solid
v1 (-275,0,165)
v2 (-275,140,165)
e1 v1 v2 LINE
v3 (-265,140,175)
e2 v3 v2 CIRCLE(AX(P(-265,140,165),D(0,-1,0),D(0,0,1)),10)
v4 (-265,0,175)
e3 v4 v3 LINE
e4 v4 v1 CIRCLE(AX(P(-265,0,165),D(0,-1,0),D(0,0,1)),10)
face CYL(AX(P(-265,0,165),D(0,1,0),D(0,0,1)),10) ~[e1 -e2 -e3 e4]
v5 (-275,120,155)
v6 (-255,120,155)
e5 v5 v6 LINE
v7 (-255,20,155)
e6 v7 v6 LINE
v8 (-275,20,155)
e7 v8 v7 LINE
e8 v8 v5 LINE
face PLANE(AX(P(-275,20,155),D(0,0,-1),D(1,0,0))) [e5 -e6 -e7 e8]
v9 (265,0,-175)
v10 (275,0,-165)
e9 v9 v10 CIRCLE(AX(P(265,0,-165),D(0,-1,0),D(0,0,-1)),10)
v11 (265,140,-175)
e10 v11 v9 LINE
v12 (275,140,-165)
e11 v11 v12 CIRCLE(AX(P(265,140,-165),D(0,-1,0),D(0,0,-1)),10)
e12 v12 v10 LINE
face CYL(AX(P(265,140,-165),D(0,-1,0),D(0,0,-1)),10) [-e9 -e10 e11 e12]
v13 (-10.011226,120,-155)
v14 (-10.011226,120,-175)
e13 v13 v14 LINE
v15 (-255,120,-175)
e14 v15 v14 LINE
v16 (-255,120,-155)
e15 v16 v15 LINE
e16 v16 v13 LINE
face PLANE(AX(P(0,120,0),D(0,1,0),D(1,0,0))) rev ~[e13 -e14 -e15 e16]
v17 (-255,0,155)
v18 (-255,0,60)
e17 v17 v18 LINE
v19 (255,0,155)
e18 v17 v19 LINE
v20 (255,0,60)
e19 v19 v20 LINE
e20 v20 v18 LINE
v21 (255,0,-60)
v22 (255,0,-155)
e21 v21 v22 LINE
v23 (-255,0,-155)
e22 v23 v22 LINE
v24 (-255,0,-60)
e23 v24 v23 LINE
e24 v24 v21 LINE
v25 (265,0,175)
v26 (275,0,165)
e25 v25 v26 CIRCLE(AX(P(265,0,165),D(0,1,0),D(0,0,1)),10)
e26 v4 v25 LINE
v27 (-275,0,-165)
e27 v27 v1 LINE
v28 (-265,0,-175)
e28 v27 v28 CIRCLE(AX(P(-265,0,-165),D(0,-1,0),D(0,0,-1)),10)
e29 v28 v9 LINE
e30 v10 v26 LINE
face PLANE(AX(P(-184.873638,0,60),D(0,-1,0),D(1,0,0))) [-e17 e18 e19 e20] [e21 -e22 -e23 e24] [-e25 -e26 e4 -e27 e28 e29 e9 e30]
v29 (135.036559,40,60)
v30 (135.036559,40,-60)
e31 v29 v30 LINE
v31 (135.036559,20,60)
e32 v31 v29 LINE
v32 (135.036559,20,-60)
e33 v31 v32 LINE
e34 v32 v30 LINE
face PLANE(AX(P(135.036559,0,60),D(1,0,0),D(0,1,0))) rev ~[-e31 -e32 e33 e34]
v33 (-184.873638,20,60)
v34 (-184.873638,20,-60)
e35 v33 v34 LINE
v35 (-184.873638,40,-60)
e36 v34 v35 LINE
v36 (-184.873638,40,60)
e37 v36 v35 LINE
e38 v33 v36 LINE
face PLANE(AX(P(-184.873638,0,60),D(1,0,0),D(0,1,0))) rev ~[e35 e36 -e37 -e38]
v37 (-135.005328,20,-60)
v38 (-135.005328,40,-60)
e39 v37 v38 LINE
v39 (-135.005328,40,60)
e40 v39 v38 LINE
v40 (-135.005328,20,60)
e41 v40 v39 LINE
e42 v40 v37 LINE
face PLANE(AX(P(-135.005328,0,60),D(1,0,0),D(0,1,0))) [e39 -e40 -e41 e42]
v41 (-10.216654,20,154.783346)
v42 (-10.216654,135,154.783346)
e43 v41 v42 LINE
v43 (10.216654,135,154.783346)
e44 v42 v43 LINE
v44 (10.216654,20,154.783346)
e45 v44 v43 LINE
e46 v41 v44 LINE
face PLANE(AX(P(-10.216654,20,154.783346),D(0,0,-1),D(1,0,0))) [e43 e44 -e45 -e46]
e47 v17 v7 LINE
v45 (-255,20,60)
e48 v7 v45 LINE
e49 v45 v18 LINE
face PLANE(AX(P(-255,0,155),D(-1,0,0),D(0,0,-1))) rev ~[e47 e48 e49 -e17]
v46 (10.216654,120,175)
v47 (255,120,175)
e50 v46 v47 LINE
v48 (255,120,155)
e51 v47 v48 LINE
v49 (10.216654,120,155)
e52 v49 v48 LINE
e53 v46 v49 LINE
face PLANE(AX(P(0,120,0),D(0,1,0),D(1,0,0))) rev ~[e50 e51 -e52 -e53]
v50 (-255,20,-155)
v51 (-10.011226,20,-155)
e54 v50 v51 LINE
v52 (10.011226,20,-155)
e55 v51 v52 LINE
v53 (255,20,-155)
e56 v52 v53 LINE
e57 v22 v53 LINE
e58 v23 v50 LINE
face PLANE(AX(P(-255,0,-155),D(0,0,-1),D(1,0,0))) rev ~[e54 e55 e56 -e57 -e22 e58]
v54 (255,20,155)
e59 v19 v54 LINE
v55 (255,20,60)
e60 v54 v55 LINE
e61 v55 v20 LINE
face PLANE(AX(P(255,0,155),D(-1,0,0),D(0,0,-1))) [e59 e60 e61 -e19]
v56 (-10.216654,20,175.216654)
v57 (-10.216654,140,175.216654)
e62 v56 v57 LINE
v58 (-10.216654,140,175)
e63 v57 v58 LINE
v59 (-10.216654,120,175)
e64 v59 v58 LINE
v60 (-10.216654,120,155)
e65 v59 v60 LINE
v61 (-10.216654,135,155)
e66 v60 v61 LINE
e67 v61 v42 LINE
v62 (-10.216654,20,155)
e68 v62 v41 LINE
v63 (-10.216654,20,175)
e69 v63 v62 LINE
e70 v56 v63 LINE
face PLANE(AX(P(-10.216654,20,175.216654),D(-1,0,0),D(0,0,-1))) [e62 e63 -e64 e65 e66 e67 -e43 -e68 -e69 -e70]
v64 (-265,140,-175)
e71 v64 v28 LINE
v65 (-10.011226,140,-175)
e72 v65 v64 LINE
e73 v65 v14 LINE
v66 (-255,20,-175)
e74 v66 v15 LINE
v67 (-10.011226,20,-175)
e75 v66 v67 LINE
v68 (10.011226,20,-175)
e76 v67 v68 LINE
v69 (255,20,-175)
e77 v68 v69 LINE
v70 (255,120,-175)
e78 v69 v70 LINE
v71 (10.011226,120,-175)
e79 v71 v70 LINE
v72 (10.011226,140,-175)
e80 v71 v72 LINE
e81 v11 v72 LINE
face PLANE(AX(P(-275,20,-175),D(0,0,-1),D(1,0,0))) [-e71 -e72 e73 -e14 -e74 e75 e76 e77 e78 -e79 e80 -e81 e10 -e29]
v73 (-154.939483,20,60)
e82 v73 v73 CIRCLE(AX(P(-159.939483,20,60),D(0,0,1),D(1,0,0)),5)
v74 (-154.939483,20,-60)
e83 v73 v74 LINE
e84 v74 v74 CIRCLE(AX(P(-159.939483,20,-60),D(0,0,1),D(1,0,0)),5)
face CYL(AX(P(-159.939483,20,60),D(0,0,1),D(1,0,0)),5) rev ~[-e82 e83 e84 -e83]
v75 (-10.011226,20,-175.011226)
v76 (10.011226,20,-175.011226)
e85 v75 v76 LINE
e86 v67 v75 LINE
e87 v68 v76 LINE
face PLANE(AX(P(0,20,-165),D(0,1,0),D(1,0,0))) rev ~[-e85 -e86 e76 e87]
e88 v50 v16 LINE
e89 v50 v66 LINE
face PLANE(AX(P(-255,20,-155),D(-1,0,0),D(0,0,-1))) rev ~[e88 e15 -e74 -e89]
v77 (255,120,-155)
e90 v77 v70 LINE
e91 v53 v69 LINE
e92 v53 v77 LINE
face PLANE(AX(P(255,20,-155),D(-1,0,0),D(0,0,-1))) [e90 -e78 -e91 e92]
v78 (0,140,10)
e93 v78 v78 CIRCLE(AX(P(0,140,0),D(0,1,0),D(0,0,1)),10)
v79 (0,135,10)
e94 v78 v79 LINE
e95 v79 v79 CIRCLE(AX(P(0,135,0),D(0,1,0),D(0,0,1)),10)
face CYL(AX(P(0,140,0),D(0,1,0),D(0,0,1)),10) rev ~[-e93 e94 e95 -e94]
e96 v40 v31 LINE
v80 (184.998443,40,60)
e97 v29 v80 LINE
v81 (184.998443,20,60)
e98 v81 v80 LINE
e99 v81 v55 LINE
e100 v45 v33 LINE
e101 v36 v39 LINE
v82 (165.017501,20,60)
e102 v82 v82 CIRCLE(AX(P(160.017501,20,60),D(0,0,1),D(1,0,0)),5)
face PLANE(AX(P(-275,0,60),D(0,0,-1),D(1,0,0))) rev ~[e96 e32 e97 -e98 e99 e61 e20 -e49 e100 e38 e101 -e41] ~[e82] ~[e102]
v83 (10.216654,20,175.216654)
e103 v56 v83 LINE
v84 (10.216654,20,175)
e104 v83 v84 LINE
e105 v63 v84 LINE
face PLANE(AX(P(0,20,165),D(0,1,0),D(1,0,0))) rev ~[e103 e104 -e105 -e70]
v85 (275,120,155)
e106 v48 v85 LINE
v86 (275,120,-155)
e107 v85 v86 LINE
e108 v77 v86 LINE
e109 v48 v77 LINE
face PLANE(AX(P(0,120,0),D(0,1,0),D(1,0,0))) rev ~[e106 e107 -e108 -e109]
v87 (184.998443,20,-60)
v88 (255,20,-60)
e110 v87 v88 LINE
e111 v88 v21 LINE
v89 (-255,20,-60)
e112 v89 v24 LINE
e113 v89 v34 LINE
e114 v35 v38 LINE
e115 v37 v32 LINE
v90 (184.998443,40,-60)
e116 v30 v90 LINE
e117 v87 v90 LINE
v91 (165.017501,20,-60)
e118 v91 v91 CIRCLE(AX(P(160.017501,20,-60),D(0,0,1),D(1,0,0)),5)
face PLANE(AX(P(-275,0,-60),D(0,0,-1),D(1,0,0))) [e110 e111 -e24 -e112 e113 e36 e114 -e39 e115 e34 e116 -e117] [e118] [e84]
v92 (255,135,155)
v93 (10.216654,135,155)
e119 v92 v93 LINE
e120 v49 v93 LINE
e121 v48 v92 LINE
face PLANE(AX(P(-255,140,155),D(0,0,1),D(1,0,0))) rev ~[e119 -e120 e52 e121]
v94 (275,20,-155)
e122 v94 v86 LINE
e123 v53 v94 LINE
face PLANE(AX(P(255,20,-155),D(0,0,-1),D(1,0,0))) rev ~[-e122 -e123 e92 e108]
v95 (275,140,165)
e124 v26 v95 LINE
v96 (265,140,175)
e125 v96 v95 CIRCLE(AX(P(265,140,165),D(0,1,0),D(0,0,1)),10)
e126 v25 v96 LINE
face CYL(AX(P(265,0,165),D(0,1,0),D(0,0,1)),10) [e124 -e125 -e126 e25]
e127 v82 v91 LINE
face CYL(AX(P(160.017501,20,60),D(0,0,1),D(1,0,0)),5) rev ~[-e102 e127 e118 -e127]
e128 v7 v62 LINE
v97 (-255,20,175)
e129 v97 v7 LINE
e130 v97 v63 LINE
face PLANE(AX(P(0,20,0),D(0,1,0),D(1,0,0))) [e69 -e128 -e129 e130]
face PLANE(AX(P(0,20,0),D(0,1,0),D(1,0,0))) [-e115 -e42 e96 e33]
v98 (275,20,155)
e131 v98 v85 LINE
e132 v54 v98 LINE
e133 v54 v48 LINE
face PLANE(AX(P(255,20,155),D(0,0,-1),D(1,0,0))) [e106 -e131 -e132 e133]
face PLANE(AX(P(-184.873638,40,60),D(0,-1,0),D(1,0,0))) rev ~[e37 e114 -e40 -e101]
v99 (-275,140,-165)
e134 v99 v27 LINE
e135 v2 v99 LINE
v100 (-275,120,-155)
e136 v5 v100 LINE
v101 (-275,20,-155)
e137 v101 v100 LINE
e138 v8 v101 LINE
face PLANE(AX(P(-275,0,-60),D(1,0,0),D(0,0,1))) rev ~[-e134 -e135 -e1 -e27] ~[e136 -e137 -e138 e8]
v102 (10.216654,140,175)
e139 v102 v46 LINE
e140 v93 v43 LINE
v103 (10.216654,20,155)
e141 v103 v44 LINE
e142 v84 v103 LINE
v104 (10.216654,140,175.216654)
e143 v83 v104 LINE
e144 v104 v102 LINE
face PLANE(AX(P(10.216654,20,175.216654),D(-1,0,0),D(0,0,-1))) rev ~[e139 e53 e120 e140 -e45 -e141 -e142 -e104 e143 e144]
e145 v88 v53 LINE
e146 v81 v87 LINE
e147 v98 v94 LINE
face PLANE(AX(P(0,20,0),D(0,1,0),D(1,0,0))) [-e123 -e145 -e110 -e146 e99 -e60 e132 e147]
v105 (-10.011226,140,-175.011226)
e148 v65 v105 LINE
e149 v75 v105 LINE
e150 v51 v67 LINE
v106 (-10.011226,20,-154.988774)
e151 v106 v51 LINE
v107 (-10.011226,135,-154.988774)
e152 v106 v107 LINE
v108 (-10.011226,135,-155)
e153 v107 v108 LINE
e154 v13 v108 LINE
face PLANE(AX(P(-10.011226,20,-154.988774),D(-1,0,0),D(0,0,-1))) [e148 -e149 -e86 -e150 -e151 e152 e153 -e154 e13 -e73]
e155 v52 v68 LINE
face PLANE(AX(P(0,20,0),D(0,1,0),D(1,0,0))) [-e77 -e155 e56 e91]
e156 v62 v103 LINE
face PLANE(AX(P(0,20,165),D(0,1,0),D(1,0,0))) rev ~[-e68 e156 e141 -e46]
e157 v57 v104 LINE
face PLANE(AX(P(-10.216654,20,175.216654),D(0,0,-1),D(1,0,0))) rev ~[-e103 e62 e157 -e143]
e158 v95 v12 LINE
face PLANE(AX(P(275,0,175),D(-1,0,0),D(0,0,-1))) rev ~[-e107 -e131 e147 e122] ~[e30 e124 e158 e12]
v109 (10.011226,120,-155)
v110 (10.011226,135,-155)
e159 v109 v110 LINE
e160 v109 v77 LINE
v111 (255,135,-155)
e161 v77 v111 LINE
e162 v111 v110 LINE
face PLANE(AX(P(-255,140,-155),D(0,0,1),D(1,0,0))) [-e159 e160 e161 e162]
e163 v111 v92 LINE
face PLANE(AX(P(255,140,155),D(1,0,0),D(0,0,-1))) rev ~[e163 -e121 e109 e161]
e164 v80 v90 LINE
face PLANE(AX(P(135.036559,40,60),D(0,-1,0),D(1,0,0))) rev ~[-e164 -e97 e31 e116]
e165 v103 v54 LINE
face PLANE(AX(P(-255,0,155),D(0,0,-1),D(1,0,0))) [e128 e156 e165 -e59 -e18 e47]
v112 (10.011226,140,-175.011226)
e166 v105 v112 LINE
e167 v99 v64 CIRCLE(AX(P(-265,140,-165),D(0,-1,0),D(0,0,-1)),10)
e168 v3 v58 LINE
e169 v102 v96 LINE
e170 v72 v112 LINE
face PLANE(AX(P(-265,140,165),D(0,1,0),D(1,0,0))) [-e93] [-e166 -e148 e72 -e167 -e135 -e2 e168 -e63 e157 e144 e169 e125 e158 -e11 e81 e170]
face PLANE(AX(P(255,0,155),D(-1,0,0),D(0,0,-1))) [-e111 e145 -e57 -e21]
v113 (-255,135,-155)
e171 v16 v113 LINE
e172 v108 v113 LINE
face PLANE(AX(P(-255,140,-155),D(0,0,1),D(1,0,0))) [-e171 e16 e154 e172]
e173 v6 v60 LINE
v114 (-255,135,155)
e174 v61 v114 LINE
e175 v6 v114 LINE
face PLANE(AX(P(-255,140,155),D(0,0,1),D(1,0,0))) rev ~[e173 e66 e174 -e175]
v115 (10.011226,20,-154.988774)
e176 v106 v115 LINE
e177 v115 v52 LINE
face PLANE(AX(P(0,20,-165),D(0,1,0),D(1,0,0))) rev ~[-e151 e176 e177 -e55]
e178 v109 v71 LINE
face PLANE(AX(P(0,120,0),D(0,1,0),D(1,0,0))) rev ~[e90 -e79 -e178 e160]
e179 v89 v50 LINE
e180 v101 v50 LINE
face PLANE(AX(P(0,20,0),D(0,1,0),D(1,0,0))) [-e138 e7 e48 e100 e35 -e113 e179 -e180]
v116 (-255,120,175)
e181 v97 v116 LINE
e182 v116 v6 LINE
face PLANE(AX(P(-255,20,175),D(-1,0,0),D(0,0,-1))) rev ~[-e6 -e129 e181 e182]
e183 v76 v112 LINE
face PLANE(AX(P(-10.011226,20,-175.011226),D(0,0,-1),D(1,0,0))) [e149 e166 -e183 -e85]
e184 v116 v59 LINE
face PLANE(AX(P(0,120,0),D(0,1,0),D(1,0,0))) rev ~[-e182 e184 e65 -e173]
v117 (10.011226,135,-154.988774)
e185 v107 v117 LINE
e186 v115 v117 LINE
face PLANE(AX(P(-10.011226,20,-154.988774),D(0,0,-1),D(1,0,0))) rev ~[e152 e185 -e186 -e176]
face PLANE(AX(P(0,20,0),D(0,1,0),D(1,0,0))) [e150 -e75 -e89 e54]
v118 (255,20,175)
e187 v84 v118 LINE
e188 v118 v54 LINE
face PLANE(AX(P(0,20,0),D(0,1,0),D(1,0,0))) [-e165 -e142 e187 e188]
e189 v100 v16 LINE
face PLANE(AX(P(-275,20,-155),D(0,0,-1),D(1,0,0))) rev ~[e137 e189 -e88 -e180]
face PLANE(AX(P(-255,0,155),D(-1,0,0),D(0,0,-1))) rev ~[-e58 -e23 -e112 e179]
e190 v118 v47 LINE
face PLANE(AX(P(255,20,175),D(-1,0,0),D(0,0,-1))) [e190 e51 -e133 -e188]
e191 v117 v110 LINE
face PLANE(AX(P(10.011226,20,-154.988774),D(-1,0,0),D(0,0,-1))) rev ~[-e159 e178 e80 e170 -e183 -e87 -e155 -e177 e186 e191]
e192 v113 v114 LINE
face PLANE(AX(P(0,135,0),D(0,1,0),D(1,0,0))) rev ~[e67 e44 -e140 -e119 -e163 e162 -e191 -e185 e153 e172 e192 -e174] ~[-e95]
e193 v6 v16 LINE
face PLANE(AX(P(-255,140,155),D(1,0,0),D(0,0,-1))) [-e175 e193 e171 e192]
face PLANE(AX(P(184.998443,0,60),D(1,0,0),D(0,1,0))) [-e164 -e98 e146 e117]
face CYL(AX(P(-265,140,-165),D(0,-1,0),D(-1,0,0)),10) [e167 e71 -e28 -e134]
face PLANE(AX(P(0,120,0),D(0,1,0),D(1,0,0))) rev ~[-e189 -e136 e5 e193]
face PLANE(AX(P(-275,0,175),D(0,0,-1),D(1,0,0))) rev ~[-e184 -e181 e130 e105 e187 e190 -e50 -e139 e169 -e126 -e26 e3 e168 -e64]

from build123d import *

# Parameters (mm, degrees)
SKETCH1_W           = 550
SKETCH1_H           = 350
SKETCH1_W_2         = 510
SKETCH1_H_2         = 310
BOSS_EXTRUDE1_DEPTH = 20
SKETCH3_W           = 20
SKETCH3_H           = 20
SKETCH3_W_2         = 20.022451752
SKETCH3_H_2         = 20.022451752
SKETCH3_W_3         = 20.433308148
SKETCH3_H_3         = 20.433308148
BOSS_EXTRUDE2_DEPTH = 120
SKETCH4_W           = 550
SKETCH4_H           = 350
SKETCH4_W_2         = 510
SKETCH4_H_2         = 310
BOSS_EXTRUDE3_DEPTH = 20
SKETCH5_W           = 550
SKETCH5_H           = 350
BOSS_EXTRUDE4_DEPTH = 5
SKETCH6_W           = 550
SKETCH6_H           = 120
BOSS_EXTRUDE5_DEPTH = 20
SKETCH7_W           = 49.868309686
SKETCH7_H           = 40
SKETCH7_W_2         = 49.961884124
BOSS_EXTRUDE6_DEPTH = 120
SKETCH8_R           = 5
CUT_EXTRUDE1_DEPTH  = 181
FILLET1_R           = 10
SKETCH9_R           = 10
CUT_EXTRUDE2_DEPTH  = 43


with BuildPart() as part:
    # Sketch1 → Boss-Extrude1 (new body)
    with BuildSketch(Plane(origin=(0, 0, 0), x_dir=(1, 0, 0), z_dir=(0, 1, 0))):
        Rectangle(SKETCH1_W, SKETCH1_H)
        Rectangle(SKETCH1_W_2, SKETCH1_H_2, mode=Mode.SUBTRACT)
    extrude(amount=BOSS_EXTRUDE1_DEPTH)

    # Sketch3 → Boss-Extrude2 (add)
    with BuildSketch(Plane(origin=(0, 20, 0), x_dir=(1, 0, 0), z_dir=(0, 1, 0))):
        with Locations((-265, 165)):
            Rectangle(SKETCH3_W, SKETCH3_H)
        with Locations((-265, -165)):
            Rectangle(SKETCH3_W, SKETCH3_H)
        with Locations((265, -165)):
            Rectangle(SKETCH3_W, SKETCH3_H)
        with Locations((265, 165)):
            Rectangle(SKETCH3_W, SKETCH3_H)
        with Locations((0, 165)):
            Rectangle(SKETCH3_W_2, SKETCH3_H_2)
        with Locations((0, -165)):
            Rectangle(SKETCH3_W_3, SKETCH3_H_3)
    extrude(amount=BOSS_EXTRUDE2_DEPTH)

    # Sketch4 → Boss-Extrude3 (add)
    with BuildSketch(Plane(origin=(0, 140, 0), x_dir=(1, 0, 0), z_dir=(0, 1, 0))):
        Rectangle(SKETCH4_W, SKETCH4_H)
        Rectangle(SKETCH4_W_2, SKETCH4_H_2, mode=Mode.SUBTRACT)
    extrude(amount=-BOSS_EXTRUDE3_DEPTH)

    # Sketch5 → Boss-Extrude4 (add)
    with BuildSketch(Plane(origin=(0, 140, 0), x_dir=(1, 0, 0), z_dir=(0, 1, 0))):
        Rectangle(SKETCH5_W, SKETCH5_H)
    extrude(amount=-BOSS_EXTRUDE4_DEPTH)

    # Sketch6 → Boss-Extrude5 (add)
    with BuildSketch(Plane.XZ):
        Rectangle(SKETCH6_W, SKETCH6_H)
    extrude(amount=-BOSS_EXTRUDE5_DEPTH)

    # Sketch7 → Boss-Extrude6 (add)
    with BuildSketch(Plane.XY.offset(60)):
        with Locations((-159.939483021, 20)):
            Rectangle(SKETCH7_W, SKETCH7_H)
        with Locations((160.017500796, 20)):
            Rectangle(SKETCH7_W_2, SKETCH7_H)
    extrude(amount=-BOSS_EXTRUDE6_DEPTH)

    # Sketch8 → Cut-Extrude1 (cut)
    with BuildSketch(Plane.XY.offset(60)):
        with Locations((160.017500796, 20)):
            Circle(SKETCH8_R)
        with Locations((-159.939483021, 20)):
            Circle(SKETCH8_R)
    extrude(amount=-CUT_EXTRUDE1_DEPTH, mode=Mode.SUBTRACT)

    # Fillet1
    fillet1_edges = [part.edges().sort_by_distance(p)[0] for p in [
        (275, 70, 175),
        (-275, 70, 175),
        (-275, 70, -175),
        (275, 70, -175),
    ]]
    fillet(fillet1_edges, radius=FILLET1_R)

    # Sketch9 → Cut-Extrude2 (cut)
    with BuildSketch(Plane(origin=(0, 140, 0), x_dir=(1, 0, 0), z_dir=(0, 1, 0))):
        with Locations(Location((0, 0, 0), (0, 0, 270))):
            Circle(SKETCH9_R)
    extrude(amount=-CUT_EXTRUDE2_DEPTH, mode=Mode.SUBTRACT)


solid = part.part
